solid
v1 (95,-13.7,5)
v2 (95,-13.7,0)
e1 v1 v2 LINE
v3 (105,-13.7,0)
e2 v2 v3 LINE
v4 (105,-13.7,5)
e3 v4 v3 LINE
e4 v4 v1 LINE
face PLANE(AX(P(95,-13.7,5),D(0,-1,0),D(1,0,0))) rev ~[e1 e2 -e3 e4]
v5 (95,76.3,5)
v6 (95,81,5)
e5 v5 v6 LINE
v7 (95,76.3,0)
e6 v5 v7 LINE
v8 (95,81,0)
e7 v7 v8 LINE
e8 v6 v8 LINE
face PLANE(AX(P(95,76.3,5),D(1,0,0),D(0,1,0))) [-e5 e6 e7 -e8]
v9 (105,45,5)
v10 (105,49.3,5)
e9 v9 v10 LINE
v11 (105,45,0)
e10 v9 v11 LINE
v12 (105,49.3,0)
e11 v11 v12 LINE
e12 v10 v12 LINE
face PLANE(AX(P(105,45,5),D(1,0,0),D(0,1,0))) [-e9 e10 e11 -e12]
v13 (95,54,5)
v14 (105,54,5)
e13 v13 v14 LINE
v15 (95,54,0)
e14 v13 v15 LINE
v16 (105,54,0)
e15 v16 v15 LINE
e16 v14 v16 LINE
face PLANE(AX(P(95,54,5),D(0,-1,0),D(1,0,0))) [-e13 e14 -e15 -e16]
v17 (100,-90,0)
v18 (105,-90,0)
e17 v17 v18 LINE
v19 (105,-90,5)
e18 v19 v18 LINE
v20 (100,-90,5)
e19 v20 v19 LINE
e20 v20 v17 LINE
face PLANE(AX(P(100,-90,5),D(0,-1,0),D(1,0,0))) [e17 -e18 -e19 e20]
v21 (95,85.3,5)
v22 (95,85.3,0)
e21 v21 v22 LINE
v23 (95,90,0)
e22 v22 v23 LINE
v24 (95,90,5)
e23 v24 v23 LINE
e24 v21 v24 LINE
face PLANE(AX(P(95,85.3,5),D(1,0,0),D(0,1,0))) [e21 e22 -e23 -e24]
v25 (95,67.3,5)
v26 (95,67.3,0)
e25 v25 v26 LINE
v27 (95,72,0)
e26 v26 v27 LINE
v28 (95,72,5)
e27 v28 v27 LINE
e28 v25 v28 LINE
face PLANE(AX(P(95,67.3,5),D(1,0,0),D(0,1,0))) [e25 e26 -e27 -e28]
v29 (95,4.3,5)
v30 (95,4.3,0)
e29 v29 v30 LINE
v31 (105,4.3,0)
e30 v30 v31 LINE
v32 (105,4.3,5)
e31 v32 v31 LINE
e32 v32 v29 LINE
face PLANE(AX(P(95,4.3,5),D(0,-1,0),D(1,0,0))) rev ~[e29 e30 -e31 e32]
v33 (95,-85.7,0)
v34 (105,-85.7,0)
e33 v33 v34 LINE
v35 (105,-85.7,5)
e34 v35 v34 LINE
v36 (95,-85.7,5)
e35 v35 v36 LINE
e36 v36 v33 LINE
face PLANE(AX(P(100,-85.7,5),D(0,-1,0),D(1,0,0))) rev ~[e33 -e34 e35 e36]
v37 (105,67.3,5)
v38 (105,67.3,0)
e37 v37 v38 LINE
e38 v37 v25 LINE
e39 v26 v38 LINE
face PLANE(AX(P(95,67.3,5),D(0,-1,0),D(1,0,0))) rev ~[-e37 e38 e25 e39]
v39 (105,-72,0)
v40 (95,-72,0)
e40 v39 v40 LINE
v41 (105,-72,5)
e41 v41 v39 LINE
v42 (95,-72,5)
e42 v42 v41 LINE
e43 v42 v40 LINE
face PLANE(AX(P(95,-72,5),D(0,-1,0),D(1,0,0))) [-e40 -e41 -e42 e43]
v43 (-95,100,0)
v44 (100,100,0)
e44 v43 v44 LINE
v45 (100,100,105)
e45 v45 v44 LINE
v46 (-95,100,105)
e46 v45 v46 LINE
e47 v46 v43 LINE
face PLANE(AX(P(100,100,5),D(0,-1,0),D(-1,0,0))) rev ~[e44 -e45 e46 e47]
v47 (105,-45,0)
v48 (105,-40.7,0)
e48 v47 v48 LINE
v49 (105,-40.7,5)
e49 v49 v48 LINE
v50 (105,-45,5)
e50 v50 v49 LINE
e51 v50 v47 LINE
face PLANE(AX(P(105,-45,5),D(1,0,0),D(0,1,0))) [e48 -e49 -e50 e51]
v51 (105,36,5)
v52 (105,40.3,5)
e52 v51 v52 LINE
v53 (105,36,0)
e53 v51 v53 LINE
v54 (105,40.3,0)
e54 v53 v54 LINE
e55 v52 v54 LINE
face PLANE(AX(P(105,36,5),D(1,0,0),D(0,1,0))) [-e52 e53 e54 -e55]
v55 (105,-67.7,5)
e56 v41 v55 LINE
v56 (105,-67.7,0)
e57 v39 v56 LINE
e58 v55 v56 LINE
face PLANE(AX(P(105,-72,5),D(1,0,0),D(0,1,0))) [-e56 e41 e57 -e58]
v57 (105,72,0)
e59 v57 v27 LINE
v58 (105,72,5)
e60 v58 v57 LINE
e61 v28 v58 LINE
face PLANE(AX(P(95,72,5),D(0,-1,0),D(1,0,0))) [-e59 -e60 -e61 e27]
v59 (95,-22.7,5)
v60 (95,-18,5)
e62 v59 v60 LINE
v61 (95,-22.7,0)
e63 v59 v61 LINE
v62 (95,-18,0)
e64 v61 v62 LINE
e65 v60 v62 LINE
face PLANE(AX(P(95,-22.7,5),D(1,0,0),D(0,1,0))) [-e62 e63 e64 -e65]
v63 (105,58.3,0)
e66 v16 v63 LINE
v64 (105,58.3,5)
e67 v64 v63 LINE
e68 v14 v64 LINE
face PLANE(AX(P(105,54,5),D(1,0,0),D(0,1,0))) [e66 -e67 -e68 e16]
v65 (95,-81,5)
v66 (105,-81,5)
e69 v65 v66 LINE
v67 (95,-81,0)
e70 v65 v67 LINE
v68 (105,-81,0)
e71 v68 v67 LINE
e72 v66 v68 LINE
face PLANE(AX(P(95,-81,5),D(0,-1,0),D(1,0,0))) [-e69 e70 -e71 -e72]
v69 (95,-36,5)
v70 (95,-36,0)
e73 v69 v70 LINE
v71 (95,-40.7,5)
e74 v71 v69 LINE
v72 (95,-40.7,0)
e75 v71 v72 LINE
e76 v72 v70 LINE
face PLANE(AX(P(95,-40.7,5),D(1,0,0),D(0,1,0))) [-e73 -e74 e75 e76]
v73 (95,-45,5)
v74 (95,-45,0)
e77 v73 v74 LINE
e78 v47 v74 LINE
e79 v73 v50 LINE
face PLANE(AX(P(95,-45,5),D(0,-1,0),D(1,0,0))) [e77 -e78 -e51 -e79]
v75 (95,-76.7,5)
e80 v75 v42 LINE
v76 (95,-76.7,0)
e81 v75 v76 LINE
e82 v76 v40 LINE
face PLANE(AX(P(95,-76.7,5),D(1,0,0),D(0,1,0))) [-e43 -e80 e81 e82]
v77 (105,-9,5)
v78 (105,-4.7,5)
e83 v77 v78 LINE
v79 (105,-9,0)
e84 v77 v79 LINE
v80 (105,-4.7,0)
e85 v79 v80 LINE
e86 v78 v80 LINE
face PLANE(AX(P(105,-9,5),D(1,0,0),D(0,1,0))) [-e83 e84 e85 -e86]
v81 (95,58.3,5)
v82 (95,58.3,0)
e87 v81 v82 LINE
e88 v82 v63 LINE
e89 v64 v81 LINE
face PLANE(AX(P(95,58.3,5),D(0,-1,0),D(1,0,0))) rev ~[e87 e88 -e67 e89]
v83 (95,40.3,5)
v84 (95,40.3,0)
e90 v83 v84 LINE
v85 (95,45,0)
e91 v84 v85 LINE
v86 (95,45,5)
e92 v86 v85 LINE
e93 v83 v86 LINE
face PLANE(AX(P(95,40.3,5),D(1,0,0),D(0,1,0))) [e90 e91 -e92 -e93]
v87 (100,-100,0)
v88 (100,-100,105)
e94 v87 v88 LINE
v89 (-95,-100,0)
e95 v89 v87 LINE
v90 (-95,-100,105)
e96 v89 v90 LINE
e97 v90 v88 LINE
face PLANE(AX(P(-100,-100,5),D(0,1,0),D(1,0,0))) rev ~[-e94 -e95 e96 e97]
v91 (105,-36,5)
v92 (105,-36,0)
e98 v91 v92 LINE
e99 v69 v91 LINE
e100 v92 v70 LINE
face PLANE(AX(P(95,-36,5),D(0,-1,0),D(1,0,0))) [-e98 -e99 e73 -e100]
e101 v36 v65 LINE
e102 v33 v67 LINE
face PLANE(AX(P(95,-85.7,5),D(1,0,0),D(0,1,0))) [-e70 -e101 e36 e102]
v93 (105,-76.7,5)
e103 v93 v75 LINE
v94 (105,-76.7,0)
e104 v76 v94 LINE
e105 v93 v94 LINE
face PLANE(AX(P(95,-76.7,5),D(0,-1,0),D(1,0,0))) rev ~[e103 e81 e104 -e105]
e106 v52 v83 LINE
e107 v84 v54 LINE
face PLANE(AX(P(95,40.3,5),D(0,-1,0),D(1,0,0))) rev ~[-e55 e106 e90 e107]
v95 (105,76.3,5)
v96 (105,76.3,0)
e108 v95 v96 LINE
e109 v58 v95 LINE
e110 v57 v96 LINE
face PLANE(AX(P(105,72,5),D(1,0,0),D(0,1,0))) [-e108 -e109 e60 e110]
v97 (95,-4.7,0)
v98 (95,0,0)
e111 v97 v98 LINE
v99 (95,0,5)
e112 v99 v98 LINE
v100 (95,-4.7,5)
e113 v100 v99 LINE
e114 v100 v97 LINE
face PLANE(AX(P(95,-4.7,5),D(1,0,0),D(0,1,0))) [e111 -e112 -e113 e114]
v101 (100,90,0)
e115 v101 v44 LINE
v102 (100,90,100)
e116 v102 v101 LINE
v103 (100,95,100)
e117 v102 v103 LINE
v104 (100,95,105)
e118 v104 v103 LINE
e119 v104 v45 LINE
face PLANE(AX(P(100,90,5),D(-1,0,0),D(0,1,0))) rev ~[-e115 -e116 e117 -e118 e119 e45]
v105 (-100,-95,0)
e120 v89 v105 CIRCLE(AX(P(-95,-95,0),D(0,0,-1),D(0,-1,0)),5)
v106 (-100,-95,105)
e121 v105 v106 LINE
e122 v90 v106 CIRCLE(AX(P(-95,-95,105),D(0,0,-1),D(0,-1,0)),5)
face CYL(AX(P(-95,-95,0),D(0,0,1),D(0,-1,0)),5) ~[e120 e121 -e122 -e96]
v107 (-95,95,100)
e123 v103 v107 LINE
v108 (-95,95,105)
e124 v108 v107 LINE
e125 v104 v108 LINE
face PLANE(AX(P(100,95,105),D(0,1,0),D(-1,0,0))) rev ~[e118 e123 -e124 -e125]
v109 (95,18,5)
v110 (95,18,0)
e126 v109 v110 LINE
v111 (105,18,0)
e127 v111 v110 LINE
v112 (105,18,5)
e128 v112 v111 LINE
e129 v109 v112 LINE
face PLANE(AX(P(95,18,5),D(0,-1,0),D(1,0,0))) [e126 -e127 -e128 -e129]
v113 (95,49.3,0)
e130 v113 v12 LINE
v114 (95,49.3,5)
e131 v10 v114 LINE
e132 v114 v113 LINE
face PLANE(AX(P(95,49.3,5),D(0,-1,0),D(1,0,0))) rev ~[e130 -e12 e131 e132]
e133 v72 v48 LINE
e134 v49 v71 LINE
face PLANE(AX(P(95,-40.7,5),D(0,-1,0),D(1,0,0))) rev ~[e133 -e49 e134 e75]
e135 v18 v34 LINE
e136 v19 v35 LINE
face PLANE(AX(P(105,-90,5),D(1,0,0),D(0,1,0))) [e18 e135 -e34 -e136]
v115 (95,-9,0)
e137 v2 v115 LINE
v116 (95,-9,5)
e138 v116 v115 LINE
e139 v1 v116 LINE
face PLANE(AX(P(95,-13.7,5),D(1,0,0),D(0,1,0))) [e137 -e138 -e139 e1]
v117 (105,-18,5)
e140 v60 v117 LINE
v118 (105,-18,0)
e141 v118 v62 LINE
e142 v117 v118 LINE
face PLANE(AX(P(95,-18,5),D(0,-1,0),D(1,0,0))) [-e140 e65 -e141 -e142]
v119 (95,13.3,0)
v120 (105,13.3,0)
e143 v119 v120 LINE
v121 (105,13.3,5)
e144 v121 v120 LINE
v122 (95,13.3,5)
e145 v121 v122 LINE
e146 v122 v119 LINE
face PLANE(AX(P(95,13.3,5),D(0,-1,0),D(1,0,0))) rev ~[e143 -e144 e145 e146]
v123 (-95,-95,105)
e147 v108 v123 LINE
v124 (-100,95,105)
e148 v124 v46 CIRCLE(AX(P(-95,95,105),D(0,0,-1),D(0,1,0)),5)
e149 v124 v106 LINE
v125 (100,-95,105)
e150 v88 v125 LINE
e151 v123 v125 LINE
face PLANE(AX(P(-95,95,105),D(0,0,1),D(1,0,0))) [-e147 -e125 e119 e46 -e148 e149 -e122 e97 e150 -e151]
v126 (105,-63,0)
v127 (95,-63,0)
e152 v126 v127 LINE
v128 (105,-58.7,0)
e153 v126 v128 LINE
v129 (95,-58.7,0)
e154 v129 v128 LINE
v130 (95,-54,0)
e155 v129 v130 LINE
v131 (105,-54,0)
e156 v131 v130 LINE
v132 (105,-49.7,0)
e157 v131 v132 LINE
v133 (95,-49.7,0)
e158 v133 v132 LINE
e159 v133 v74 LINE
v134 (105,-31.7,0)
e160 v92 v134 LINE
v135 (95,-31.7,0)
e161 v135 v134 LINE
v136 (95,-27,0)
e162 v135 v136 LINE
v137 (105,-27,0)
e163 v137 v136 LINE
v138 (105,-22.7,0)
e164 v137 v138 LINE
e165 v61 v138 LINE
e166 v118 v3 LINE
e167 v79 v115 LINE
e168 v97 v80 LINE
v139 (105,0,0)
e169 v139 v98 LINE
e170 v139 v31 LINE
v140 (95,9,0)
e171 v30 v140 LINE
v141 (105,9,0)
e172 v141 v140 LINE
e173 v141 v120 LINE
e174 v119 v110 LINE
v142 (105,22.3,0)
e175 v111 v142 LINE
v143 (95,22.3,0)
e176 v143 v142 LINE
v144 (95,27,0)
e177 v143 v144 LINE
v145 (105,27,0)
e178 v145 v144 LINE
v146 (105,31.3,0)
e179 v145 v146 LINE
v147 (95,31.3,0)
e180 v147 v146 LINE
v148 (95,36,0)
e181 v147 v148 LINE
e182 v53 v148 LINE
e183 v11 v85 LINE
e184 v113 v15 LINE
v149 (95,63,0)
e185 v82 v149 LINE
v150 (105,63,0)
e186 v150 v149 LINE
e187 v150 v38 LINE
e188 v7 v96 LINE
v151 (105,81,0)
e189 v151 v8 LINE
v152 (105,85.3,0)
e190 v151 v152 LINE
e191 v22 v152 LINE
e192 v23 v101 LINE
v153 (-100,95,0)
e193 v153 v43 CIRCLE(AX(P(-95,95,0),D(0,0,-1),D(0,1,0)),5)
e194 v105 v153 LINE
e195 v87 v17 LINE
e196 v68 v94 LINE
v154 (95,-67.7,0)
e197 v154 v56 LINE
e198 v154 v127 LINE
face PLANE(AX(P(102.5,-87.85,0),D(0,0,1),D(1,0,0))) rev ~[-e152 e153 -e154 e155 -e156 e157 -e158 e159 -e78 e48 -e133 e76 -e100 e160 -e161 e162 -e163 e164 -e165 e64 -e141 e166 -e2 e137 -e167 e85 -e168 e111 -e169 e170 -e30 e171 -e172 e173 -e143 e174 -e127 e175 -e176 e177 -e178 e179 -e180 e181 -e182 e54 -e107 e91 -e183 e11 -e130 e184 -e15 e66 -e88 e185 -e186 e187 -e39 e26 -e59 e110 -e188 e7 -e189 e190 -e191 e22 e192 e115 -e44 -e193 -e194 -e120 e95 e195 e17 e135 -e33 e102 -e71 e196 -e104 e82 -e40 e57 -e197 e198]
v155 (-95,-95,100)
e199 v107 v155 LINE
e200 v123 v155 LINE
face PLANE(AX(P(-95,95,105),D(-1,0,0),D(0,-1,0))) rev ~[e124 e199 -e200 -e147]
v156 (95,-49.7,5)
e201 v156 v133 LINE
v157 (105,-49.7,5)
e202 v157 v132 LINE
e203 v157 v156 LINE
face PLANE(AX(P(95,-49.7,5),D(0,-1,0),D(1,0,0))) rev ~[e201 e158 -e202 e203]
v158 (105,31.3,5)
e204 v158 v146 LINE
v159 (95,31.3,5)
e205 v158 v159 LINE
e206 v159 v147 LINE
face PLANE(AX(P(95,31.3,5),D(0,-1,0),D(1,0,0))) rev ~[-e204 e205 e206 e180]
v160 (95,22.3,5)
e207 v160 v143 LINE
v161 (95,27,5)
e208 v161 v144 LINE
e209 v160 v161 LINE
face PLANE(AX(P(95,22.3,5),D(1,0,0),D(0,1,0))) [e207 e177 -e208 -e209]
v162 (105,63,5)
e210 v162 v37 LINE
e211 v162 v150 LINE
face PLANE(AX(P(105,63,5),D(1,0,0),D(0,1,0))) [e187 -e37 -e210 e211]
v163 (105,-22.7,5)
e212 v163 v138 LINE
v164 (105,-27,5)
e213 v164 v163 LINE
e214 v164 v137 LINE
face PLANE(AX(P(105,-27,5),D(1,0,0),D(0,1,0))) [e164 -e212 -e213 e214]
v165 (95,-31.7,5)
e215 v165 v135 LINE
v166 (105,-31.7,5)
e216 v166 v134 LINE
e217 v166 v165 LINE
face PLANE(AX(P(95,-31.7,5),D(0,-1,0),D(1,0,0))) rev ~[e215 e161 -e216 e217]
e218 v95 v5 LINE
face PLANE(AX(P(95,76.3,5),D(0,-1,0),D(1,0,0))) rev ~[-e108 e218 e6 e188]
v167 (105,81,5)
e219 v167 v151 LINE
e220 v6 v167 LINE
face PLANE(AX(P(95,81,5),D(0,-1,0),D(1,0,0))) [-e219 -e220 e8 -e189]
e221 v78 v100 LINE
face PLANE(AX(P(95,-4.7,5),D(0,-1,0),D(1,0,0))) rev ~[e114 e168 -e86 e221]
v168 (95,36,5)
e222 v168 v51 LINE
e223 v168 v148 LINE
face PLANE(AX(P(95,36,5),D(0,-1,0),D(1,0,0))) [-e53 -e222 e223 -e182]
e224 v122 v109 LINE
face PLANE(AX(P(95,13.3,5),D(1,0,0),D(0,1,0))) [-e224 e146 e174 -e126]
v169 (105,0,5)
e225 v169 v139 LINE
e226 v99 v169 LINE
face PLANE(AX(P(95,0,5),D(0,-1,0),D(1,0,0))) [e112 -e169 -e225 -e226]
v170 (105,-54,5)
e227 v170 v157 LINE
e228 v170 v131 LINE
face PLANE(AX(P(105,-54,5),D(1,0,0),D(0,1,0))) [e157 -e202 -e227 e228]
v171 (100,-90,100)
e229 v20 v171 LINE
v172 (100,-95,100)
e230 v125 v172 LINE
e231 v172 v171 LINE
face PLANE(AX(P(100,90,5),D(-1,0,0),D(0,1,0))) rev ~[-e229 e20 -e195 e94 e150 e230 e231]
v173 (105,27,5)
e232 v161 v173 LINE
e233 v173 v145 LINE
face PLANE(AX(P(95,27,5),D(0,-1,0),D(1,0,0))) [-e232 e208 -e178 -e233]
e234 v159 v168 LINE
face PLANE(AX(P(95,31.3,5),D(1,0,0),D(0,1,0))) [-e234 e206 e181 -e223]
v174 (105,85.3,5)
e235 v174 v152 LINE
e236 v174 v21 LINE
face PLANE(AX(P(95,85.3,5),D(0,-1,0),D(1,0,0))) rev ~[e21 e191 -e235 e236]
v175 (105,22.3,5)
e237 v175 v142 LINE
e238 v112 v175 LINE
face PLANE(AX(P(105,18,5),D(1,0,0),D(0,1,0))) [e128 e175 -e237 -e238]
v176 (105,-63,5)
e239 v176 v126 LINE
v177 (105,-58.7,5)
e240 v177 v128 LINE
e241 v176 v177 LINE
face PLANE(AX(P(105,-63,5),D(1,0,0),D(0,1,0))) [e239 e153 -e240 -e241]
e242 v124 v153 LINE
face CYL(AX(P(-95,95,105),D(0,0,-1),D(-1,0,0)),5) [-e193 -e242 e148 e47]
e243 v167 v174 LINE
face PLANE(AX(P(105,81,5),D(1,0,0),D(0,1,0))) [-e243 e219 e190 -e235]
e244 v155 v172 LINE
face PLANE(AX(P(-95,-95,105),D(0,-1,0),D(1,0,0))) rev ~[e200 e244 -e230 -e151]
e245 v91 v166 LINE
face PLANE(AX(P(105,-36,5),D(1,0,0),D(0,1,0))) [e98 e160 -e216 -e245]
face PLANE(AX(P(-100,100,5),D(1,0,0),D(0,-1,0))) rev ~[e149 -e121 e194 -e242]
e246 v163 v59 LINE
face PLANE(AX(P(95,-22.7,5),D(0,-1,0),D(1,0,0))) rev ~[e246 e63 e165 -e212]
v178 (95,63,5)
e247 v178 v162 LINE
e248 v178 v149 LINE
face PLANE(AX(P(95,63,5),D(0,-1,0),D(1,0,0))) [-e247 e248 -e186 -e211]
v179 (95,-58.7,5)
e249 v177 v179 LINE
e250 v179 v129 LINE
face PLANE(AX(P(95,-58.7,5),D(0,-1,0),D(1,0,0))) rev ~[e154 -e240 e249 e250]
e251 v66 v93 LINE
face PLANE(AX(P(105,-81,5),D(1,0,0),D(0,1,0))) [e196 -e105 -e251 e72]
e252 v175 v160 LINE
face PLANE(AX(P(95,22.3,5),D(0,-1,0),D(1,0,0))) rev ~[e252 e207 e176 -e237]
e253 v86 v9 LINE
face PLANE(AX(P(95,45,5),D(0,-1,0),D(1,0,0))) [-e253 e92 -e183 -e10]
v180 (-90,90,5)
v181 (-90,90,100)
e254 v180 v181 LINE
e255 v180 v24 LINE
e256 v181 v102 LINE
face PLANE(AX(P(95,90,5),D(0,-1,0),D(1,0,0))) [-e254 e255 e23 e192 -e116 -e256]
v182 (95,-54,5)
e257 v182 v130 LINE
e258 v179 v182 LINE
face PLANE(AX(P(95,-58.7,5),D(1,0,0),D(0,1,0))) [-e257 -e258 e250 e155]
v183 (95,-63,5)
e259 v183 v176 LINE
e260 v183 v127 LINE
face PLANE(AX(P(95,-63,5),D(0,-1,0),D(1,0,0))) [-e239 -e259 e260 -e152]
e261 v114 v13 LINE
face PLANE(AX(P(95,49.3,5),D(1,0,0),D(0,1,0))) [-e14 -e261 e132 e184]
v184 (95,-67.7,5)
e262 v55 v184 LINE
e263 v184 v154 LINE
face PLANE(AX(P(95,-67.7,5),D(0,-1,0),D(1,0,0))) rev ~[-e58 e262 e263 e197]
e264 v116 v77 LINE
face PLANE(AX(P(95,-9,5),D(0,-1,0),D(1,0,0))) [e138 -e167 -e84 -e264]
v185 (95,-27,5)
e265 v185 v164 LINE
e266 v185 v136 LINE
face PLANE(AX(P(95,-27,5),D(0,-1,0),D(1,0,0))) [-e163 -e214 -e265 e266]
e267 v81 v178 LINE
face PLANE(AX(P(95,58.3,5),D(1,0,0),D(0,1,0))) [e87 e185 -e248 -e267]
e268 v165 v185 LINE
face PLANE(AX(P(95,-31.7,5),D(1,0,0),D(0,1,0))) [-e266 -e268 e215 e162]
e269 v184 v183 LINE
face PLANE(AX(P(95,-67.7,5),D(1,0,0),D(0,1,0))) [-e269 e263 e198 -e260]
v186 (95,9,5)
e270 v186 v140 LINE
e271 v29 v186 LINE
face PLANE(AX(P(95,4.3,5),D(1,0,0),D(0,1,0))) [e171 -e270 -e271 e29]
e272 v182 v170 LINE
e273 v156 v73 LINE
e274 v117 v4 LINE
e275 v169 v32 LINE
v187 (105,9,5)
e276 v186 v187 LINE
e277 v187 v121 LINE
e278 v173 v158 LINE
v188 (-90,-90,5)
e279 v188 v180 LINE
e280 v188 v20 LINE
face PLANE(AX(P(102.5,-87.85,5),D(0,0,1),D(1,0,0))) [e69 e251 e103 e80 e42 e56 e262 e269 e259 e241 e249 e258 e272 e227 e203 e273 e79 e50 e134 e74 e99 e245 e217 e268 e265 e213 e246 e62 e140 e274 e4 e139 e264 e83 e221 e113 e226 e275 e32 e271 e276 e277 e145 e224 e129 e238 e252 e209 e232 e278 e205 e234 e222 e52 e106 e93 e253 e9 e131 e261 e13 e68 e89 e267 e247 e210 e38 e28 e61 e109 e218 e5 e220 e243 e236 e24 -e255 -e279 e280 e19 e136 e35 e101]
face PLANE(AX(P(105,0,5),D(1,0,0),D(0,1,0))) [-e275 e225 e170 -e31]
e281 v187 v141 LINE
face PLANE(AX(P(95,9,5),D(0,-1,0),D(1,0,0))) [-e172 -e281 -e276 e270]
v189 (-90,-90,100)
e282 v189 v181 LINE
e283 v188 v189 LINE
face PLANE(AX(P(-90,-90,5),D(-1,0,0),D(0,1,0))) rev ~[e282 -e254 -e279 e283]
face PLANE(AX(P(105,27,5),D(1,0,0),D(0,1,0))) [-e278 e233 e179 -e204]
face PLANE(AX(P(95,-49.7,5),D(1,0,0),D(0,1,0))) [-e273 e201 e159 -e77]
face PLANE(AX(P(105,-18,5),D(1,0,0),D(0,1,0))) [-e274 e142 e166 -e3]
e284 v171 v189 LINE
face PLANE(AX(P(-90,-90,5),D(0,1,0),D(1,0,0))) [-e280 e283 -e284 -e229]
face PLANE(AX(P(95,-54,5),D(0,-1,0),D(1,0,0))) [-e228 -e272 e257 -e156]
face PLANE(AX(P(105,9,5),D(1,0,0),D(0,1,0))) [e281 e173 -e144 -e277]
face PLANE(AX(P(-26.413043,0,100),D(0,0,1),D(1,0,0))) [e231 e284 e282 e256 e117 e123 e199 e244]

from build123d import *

# Parameters (mm, degrees)
F0_W     = 200
F0_H     = 200
F1_DEPTH = 5
F2_W     = 10
F2_H     = 10
F2_W_2   = 190
F2_H_2   = 180
F3_DEPTH = 100
F5_DEPTH = 5
F6_W     = 5
F6_H     = 4.7
F7_DEPTH = 25
F6_H_2   = 4.3
F8_DEPTH = 5
F9_R     = 5


with BuildPart() as f1:
    # F0 (on Top) → F1 (new body)
    with BuildSketch(Plane.XY):
        Rectangle(F0_W, F0_H)
    extrude(amount=F1_DEPTH)

    # F2 (on face) → F3 (join)
    with BuildSketch(Plane.XY.offset(5)):
        with Locations((-95, 95)):
            Rectangle(F2_W, F2_H)
        with Locations((5, 95)):
            Rectangle(F2_W_2, F2_H)
        with Locations((-95, 0)):
            Rectangle(F2_W, F2_H_2)
        with Locations((-95, -95)):
            Rectangle(F2_W, F2_H)
        with Locations((5, -95)):
            Rectangle(F2_W_2, F2_H)
    extrude(amount=F3_DEPTH)

    # F4 (on face) → F5 (cut)
    with BuildSketch(Plane.XY.offset(105)):
        Polygon((100, 90), (100, 95), (-95, 95), (-95, -95), (100, -95), (100, -90), (-90, -90), (-90, 90), align=None)
    extrude(amount=-F5_DEPTH, mode=Mode.SUBTRACT)

    # F6 (on face) → F7 (cut)
    with BuildSketch(Plane.XY.offset(5)):
        with Locations((97.5, -83.35)):
            Rectangle(F6_W, F6_H)
        with Locations((97.5, -74.35)):
            Rectangle(F6_W, F6_H)
        with Locations((97.5, -65.35)):
            Rectangle(F6_W, F6_H)
        with Locations((97.5, -56.35)):
            Rectangle(F6_W, F6_H)
        with Locations((97.5, -47.35)):
            Rectangle(F6_W, F6_H)
        with Locations((97.5, -38.35)):
            Rectangle(F6_W, F6_H)
        with Locations((97.5, -29.35)):
            Rectangle(F6_W, F6_H)
        with Locations((97.5, -20.35)):
            Rectangle(F6_W, F6_H)
        with Locations((97.5, -11.35)):
            Rectangle(F6_W, F6_H)
        with Locations((97.5, -2.35)):
            Rectangle(F6_W, F6_H)
        with Locations((97.5, 6.65)):
            Rectangle(F6_W, F6_H)
        with Locations((97.5, 15.65)):
            Rectangle(F6_W, F6_H)
        with Locations((97.5, 24.65)):
            Rectangle(F6_W, F6_H)
        with Locations((97.5, 33.65)):
            Rectangle(F6_W, F6_H)
        with Locations((97.5, 42.65)):
            Rectangle(F6_W, F6_H)
        with Locations((97.5, 51.65)):
            Rectangle(F6_W, F6_H)
        with Locations((97.5, 60.65)):
            Rectangle(F6_W, F6_H)
        with Locations((97.5, 69.65)):
            Rectangle(F6_W, F6_H)
        with Locations((97.5, 78.65)):
            Rectangle(F6_W, F6_H)
        with Locations((97.5, 87.65)):
            Rectangle(F6_W, F6_H)
    extrude(amount=-F7_DEPTH, mode=Mode.SUBTRACT)

    # F6 (on face) → F8 (join)
    with BuildSketch(Plane.XY.offset(5)):
        with Locations((102.5, -87.85)):
            Rectangle(F6_W, F6_H_2)
        with Locations((102.5, -78.85)):
            Rectangle(F6_W, F6_H_2)
        with Locations((102.5, -69.85)):
            Rectangle(F6_W, F6_H_2)
        with Locations((102.5, -60.85)):
            Rectangle(F6_W, F6_H_2)
        with Locations((102.5, -51.85)):
            Rectangle(F6_W, F6_H_2)
        with Locations((102.5, -42.85)):
            Rectangle(F6_W, F6_H_2)
        with Locations((102.5, -33.85)):
            Rectangle(F6_W, F6_H_2)
        with Locations((102.5, -24.85)):
            Rectangle(F6_W, F6_H_2)
        with Locations((102.5, -15.85)):
            Rectangle(F6_W, F6_H_2)
        with Locations((102.5, -6.85)):
            Rectangle(F6_W, F6_H_2)
        with Locations((102.5, 2.15)):
            Rectangle(F6_W, F6_H_2)
        with Locations((102.5, 11.15)):
            Rectangle(F6_W, F6_H_2)
        with Locations((102.5, 20.15)):
            Rectangle(F6_W, F6_H_2)
        with Locations((102.5, 29.15)):
            Rectangle(F6_W, F6_H_2)
        with Locations((102.5, 38.15)):
            Rectangle(F6_W, F6_H_2)
        with Locations((102.5, 47.15)):
            Rectangle(F6_W, F6_H_2)
        with Locations((102.5, 56.15)):
            Rectangle(F6_W, F6_H_2)
        with Locations((102.5, 65.15)):
            Rectangle(F6_W, F6_H_2)
        with Locations((102.5, 74.15)):
            Rectangle(F6_W, F6_H_2)
        with Locations((102.5, 83.15)):
            Rectangle(F6_W, F6_H_2)
    extrude(amount=-F8_DEPTH)

    # F9
    f9_edges = [f1.edges().sort_by_distance(p)[0] for p in [
        (-100, -100, 52.5),
        (-100, 100, 52.5),
    ]]
    fillet(f9_edges, radius=F9_R)


solid = f1.part
